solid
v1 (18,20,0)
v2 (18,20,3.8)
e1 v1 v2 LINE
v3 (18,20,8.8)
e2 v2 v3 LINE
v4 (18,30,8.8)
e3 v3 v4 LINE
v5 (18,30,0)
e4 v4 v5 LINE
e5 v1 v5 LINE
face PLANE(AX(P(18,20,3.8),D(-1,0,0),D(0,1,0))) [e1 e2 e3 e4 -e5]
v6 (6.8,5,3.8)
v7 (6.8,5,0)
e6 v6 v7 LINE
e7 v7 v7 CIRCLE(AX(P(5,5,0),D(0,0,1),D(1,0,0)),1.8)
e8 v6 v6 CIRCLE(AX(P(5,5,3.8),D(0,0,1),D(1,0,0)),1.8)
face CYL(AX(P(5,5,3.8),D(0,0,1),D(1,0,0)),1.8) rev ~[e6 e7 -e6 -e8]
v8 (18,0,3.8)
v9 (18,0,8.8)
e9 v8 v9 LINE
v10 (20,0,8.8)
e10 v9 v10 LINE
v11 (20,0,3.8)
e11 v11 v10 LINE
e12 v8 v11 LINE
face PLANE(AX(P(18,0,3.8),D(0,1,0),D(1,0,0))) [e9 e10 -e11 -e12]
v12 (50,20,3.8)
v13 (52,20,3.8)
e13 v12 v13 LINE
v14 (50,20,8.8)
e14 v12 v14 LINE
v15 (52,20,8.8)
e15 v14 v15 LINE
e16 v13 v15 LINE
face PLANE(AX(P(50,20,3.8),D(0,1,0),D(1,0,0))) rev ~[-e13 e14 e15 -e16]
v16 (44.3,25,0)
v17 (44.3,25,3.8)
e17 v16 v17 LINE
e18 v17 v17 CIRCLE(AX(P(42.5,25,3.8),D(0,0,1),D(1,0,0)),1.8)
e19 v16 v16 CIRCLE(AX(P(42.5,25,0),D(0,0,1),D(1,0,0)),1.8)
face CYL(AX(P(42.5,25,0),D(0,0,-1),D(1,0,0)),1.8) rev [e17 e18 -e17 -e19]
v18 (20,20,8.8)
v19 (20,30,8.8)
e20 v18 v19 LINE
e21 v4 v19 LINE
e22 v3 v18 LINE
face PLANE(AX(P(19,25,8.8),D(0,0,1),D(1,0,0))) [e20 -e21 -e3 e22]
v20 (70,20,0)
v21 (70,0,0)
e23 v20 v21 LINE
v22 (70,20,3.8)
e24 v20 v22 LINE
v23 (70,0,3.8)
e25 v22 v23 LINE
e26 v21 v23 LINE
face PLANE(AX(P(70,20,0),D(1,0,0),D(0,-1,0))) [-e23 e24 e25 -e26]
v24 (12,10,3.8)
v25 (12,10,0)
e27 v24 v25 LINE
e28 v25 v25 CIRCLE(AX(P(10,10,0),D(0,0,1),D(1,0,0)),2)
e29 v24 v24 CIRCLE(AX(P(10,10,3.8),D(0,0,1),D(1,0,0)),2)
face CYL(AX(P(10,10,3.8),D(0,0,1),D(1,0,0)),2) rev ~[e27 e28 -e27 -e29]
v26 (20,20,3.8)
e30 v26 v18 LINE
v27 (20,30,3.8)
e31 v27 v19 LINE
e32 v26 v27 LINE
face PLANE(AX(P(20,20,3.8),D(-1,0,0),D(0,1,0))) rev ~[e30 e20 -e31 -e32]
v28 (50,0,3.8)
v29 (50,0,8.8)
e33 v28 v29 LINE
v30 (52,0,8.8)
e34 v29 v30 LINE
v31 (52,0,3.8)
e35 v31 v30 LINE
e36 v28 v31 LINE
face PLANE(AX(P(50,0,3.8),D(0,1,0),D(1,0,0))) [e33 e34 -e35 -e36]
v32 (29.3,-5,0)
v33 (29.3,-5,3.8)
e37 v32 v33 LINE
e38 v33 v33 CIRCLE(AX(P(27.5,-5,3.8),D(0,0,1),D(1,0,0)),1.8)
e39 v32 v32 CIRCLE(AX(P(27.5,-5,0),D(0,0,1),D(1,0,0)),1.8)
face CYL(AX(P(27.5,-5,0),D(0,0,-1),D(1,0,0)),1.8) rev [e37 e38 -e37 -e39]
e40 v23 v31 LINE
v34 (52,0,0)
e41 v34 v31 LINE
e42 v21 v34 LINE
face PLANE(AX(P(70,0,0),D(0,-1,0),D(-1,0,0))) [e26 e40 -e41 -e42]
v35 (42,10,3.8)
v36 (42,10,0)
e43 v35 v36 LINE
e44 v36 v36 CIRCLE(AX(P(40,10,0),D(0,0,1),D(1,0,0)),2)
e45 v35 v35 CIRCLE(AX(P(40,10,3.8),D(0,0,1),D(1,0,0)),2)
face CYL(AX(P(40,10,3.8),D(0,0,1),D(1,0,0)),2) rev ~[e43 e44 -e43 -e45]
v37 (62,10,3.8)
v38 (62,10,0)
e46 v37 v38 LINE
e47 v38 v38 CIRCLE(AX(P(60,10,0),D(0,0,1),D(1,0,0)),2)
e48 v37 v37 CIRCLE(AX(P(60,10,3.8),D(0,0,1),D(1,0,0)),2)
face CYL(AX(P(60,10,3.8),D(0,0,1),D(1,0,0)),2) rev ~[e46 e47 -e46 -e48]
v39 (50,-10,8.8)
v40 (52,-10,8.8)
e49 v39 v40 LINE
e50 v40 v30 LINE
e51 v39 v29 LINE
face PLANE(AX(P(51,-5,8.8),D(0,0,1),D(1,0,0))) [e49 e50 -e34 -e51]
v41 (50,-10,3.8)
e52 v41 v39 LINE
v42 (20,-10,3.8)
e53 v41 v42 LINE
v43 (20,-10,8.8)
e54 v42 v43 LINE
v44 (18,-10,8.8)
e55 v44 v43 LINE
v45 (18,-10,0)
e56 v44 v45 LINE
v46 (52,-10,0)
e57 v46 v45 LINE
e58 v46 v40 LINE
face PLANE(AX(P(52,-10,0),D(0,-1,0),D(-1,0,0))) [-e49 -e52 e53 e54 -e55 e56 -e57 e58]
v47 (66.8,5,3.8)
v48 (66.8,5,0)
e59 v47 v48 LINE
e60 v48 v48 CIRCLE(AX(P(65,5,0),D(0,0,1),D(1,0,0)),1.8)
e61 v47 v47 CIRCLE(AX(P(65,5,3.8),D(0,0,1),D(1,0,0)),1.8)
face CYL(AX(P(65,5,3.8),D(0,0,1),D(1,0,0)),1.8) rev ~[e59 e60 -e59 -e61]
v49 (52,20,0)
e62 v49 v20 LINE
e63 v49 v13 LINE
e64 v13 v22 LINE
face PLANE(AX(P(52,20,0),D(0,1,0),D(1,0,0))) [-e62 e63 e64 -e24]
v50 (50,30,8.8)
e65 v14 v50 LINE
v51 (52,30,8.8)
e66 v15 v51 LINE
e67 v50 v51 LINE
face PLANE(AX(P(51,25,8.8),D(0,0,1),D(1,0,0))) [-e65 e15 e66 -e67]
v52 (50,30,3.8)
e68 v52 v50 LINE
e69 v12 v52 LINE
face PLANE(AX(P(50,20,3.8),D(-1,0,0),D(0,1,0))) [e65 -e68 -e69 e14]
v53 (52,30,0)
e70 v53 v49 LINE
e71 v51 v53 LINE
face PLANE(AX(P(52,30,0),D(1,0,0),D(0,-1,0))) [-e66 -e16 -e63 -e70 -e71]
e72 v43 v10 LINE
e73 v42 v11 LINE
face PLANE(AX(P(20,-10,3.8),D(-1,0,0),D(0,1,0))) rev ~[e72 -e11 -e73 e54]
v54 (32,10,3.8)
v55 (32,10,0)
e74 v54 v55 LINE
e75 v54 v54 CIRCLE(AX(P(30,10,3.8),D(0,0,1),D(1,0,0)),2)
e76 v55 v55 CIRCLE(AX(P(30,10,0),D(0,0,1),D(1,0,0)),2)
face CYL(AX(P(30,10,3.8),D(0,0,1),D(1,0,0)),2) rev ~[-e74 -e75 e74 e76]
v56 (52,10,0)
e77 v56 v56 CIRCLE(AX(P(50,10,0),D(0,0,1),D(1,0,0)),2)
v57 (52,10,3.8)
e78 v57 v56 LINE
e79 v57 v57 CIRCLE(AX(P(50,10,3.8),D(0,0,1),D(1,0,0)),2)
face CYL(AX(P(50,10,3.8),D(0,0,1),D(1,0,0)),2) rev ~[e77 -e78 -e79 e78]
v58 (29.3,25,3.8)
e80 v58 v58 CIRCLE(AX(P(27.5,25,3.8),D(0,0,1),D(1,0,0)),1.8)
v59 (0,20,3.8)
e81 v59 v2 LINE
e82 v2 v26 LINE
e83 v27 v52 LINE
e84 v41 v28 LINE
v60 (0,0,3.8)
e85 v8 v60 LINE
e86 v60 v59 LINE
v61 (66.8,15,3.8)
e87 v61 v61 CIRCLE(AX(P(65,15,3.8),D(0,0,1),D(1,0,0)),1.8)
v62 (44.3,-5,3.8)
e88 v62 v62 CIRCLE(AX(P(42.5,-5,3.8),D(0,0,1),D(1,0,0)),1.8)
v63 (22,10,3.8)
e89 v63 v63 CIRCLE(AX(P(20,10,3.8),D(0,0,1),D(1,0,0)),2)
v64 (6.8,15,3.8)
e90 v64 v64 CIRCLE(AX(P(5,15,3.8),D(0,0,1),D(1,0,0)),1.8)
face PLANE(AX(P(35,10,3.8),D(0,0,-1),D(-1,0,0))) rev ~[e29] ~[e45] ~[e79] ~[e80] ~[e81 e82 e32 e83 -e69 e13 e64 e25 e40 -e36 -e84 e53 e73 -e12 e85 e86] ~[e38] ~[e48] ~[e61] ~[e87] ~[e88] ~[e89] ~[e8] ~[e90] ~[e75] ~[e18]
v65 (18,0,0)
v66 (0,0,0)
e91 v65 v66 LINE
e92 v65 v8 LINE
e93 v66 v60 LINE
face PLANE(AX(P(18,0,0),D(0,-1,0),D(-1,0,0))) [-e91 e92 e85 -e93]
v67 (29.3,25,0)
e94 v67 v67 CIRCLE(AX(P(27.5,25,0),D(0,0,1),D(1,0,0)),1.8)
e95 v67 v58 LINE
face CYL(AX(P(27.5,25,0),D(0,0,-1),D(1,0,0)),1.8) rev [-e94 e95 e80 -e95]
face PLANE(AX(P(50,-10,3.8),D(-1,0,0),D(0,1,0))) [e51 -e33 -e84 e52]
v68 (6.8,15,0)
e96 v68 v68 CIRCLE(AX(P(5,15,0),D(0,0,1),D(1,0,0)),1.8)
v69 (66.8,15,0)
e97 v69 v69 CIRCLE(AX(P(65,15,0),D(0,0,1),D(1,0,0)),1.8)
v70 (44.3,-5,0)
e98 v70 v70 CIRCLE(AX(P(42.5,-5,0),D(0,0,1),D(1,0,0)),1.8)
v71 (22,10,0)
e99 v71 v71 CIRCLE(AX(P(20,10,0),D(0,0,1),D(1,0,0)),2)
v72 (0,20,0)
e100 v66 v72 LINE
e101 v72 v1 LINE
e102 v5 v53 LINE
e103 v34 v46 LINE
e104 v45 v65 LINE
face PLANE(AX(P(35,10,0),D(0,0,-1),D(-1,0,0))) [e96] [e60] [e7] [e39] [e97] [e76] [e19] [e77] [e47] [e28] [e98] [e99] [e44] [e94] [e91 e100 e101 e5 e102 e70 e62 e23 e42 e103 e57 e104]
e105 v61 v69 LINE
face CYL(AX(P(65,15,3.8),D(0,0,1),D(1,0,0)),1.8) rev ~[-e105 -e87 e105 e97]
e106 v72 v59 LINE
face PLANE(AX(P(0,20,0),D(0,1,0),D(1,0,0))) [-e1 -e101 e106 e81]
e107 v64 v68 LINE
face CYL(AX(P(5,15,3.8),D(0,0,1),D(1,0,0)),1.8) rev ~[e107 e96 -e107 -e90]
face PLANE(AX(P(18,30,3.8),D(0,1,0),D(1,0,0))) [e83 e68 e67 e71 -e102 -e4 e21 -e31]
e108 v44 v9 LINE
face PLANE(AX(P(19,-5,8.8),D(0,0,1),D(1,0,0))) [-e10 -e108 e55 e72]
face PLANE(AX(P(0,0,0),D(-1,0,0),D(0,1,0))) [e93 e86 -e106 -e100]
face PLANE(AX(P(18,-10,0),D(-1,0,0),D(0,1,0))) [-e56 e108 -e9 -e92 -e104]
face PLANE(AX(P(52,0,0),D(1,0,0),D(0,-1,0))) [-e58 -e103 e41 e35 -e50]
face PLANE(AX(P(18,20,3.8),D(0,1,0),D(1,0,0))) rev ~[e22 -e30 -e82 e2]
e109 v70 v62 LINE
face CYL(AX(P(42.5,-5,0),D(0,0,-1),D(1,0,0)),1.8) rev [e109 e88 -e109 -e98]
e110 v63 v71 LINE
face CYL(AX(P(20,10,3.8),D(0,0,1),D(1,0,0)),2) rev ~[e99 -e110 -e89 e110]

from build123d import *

# Parameters (mm, degrees)
SKETCH_R        = 1.8
PAD_DEPTH       = 3.8
SKETCH001_R     = 1.8
POCKET_DEPTH    = 5
SKETCH002_W     = 2
SKETCH002_H     = 10
PAD001_DEPTH    = 5
SKETCH003_R     = 2
POCKET001_DEPTH = 5


with BuildPart() as part:
    # Sketch → Pad (new body)
    with BuildSketch(Plane.XY):
        Polygon((0, 0), (0, 20), (18, 20), (18, 30), (52, 30), (52, 20), (70, 20), (70, 0), (52, 0), (52, -10), (18, -10), (18, 0), align=None)
        with Locations((27.5, 25)):
            Circle(SKETCH_R, mode=Mode.SUBTRACT)
        with Locations((42.5, 25)):
            Circle(SKETCH_R, mode=Mode.SUBTRACT)
        with Locations((27.5, -5)):
            Circle(SKETCH_R, mode=Mode.SUBTRACT)
        with Locations((42.5, -5)):
            Circle(SKETCH_R, mode=Mode.SUBTRACT)
    extrude(amount=PAD_DEPTH)

    # Sketch001 → Pocket (cut)
    with BuildSketch(Plane.XY.offset(3.8)):
        with Locations((5, 15)):
            Circle(SKETCH001_R)
        with Locations((65, 15)):
            Circle(SKETCH001_R)
        with Locations((65, 5)):
            Circle(SKETCH001_R)
        with Locations((5, 5)):
            Circle(SKETCH001_R)
    extrude(amount=-POCKET_DEPTH, mode=Mode.SUBTRACT)

    # Sketch002 → Pad001 (new body)
    with BuildSketch(Plane.XY.offset(3.8)):
        with Locations((19, 25)):
            Rectangle(SKETCH002_W, SKETCH002_H)
        with Locations((51, 25)):
            Rectangle(SKETCH002_W, SKETCH002_H)
        with Locations((51, -5)):
            Rectangle(SKETCH002_W, SKETCH002_H)
        with Locations((19, -5)):
            Rectangle(SKETCH002_W, SKETCH002_H)
    extrude(amount=PAD001_DEPTH)

    # Sketch003 → Pocket001 (cut)
    with BuildSketch(Plane.XY.offset(3.8)):
        with Locations((10, 10)):
            Circle(SKETCH003_R)
        with Locations((20, 10)):
            Circle(SKETCH003_R)
        with Locations((30, 10)):
            Circle(SKETCH003_R)
        with Locations((40, 10)):
            Circle(SKETCH003_R)
        with Locations((50, 10)):
            Circle(SKETCH003_R)
        with Locations((60, 10)):
            Circle(SKETCH003_R)
    extrude(amount=-POCKET001_DEPTH, mode=Mode.SUBTRACT)


solid = part.part
